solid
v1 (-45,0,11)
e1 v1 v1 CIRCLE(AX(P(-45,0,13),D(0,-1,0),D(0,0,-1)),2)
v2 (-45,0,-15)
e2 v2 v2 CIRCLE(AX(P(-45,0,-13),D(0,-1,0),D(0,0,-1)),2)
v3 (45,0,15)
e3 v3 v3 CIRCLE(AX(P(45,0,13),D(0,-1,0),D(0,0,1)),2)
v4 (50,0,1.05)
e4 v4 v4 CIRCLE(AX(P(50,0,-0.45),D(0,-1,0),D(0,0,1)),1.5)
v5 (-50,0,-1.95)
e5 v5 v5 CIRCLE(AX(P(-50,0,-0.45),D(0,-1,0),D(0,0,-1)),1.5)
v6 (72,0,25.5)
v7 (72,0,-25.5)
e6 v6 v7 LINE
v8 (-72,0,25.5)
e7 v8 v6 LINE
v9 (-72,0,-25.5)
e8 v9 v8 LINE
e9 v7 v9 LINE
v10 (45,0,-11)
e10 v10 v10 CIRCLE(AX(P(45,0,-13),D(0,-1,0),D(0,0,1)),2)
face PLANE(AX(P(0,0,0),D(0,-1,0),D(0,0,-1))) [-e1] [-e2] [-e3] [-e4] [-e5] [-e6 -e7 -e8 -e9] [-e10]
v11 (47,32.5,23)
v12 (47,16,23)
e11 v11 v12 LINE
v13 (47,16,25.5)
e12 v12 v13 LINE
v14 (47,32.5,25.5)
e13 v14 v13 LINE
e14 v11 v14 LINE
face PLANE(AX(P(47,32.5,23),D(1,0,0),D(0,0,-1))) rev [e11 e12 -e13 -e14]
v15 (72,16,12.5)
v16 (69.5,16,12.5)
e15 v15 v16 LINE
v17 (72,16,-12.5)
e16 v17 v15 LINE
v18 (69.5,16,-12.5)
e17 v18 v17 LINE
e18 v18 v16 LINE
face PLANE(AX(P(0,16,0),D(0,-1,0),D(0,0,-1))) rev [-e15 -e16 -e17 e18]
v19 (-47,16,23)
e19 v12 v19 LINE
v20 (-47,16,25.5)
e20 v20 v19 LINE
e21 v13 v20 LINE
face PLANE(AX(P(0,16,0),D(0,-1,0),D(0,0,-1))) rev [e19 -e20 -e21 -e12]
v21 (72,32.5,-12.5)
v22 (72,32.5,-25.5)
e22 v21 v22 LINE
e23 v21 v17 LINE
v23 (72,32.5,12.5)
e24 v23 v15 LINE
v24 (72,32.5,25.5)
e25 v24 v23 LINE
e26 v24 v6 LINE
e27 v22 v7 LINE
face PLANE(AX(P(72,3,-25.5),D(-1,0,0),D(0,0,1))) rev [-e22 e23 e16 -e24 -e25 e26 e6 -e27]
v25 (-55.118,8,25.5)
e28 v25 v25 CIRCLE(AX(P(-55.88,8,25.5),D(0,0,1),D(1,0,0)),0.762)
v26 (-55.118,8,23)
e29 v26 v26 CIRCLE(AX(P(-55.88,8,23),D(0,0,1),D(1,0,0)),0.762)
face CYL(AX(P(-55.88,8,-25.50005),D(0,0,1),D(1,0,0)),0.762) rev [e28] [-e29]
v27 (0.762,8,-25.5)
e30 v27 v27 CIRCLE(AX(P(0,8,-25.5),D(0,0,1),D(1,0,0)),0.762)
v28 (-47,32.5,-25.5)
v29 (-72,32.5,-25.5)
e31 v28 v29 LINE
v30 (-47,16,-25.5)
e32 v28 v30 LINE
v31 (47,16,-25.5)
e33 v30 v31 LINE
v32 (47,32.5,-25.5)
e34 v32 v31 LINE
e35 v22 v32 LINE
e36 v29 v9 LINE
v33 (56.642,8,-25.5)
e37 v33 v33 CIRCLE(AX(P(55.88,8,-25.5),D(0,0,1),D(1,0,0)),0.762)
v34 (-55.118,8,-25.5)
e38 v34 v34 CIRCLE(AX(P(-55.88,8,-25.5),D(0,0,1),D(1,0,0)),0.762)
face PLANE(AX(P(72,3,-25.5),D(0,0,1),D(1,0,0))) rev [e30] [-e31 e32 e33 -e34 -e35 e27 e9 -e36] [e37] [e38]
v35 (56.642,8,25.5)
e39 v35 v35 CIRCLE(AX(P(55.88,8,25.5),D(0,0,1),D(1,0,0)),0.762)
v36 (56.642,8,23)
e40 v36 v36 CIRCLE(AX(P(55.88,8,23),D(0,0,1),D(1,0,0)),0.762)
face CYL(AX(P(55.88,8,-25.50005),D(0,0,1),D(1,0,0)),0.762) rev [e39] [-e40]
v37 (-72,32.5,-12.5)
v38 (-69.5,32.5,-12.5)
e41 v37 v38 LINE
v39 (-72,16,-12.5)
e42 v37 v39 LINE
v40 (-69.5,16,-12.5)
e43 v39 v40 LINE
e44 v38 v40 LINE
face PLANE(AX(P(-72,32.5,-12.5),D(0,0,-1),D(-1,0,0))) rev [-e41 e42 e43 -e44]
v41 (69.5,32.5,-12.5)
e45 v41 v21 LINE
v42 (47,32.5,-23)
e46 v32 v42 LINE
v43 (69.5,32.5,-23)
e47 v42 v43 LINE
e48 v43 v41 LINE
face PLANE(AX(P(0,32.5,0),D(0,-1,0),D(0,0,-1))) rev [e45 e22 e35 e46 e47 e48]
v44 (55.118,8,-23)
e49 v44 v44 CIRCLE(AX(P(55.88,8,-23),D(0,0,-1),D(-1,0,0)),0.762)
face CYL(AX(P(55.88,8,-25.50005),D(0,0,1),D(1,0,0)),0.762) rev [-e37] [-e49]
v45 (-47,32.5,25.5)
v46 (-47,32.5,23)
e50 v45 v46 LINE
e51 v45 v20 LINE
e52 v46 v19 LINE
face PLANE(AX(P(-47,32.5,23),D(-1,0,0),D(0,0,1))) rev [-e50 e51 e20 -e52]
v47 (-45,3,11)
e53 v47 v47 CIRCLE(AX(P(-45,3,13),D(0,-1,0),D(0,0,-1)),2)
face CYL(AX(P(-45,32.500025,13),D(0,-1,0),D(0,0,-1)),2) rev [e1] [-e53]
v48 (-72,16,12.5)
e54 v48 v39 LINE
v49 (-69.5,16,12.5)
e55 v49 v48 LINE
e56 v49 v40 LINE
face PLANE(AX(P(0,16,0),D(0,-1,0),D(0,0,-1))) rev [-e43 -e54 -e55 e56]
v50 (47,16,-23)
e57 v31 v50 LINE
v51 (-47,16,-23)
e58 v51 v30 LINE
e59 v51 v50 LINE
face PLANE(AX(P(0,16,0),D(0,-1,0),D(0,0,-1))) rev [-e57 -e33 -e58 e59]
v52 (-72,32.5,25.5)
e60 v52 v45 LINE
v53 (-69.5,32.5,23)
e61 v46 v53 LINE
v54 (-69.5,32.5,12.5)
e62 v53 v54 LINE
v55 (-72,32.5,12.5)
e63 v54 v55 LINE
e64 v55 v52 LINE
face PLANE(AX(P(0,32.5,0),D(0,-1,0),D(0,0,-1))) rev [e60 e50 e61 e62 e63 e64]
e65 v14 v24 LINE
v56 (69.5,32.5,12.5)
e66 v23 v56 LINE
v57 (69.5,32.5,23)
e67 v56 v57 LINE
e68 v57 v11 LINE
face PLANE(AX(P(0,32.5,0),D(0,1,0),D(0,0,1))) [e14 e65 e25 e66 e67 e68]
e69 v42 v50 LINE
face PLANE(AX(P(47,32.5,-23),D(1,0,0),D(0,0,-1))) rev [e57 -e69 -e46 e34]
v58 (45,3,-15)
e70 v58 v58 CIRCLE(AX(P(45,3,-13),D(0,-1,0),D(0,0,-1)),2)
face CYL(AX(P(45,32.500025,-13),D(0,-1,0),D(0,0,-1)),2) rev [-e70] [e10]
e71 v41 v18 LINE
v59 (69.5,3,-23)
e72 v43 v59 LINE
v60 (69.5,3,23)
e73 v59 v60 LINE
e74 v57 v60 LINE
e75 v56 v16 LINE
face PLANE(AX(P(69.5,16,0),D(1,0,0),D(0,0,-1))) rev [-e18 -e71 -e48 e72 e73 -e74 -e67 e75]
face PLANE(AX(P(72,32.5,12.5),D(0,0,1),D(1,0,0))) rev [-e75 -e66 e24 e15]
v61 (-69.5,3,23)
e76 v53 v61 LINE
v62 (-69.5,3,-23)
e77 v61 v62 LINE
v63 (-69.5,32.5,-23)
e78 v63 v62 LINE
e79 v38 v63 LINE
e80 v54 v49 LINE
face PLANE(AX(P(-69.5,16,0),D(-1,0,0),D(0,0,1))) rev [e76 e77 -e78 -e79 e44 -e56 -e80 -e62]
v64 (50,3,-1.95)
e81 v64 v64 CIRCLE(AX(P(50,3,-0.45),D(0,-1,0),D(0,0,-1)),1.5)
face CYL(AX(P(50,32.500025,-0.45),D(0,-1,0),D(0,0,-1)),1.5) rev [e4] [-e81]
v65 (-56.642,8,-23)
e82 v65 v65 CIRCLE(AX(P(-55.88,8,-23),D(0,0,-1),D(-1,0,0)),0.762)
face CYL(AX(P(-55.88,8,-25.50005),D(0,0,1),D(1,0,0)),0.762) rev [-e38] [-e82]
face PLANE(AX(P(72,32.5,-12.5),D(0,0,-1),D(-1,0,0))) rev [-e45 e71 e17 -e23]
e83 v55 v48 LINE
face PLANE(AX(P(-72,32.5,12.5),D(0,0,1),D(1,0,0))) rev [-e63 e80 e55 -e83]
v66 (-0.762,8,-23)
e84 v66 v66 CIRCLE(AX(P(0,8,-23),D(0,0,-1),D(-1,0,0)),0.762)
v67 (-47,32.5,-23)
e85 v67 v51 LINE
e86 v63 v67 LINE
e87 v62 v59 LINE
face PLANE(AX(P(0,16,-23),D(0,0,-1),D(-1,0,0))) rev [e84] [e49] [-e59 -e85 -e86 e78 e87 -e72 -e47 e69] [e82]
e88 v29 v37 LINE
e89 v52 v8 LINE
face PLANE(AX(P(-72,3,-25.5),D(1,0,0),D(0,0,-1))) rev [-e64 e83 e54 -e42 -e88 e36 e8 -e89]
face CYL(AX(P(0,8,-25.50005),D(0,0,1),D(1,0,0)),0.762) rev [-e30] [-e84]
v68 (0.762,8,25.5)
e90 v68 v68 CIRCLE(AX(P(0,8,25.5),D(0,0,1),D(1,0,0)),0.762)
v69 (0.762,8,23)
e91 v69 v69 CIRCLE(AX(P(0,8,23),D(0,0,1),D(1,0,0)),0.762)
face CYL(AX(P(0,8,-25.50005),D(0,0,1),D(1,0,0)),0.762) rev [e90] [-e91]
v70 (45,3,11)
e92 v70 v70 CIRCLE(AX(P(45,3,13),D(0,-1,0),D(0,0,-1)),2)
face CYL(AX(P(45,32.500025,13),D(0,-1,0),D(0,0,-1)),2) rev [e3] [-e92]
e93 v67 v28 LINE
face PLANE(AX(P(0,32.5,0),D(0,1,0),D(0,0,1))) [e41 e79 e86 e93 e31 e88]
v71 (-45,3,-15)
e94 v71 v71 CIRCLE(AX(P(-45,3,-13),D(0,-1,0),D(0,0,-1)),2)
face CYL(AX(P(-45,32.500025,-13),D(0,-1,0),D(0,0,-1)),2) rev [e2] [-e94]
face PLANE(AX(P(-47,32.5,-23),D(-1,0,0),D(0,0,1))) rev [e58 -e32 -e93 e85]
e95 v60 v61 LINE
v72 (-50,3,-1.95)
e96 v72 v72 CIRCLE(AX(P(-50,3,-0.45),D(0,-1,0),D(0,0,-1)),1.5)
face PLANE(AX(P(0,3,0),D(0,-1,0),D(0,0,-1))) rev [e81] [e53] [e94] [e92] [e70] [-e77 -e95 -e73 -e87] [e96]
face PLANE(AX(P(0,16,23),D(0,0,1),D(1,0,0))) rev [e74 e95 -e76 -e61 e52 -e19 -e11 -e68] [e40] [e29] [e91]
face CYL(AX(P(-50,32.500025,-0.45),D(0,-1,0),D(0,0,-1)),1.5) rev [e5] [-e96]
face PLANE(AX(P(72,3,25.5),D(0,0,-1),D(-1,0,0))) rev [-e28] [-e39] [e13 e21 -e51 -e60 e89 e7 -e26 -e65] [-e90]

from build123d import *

# Parameters (mm, degrees)
SKETCH1_W           = 144
SKETCH1_H           = 51
BOSS_EXTRUDE1_DEPTH = 3
BOSS_EXTRUDE2_START = -3
SKETCH2_W           = 144
SKETCH2_H           = 51
SKETCH2_W_2         = 139
SKETCH2_H_2         = 46
BOSS_EXTRUDE2_DEPTH = 16
BOSS_EXTRUDE3_DEPTH = 16.5
SKETCH4_R           = 2
SKETCH4_R_2         = 1.5
CUT_EXTRUDE1_DEPTH  = 84.009035653
SKETCH5_R           = 0.762
CUT_EXTRUDE2_DEPTH  = 95.027921385


with BuildPart() as part:
    # Sketch1 → Boss-Extrude1 (new body)
    with BuildSketch(Plane(origin=(0, 0, 0), x_dir=(1, 0, 0), z_dir=(0, 1, 0))):
        Rectangle(SKETCH1_W, SKETCH1_H)
    extrude(amount=BOSS_EXTRUDE1_DEPTH)

    # Sketch2 → Boss-Extrude2 (add)
    with BuildSketch(Plane(origin=(0, 3, 0), x_dir=(1, 0, 0), z_dir=(0, 1, 0)).offset(BOSS_EXTRUDE2_START)):
        Rectangle(SKETCH2_W, SKETCH2_H)
        Rectangle(SKETCH2_W_2, SKETCH2_H_2, mode=Mode.SUBTRACT)
    extrude(amount=BOSS_EXTRUDE2_DEPTH)

    # Sketch3 → Boss-Extrude3 (add)
    with BuildSketch(Plane(origin=(0, 16, 0), x_dir=(1, 0, 0), z_dir=(0, 1, 0))):
        Polygon((-72, 25.5), (-72, 12.5), (-69.5, 12.5), (-69.5, 23), (-47, 23), (-47, 25.5), align=None)
        Polygon((47, 25.5), (72, 25.5), (72, 12.5), (69.5, 12.5), (69.5, 23), (47, 23), align=None)
        Polygon((72, -25.5), (72, -12.5), (69.5, -12.5), (69.5, -23), (47, -23), (47, -25.5), align=None)
        Polygon((-47, -25.5), (-72, -25.5), (-72, -12.5), (-69.5, -12.5), (-69.5, -23), (-47, -23), align=None)
    extrude(amount=BOSS_EXTRUDE3_DEPTH)

    # Sketch4 → Cut-Extrude1 (cut, through all)
    with BuildSketch(Plane.XZ):
        with Locations(Location((-45, -13, 0), (0, 0, 270))):
            Circle(SKETCH4_R)
        with Locations(Location((-45, 13, 0), (0, 0, 270))):
            Circle(SKETCH4_R)
        with Locations(Location((45, 13, 0), (0, 0, 270))):
            Circle(SKETCH4_R)
        with Locations(Location((45, -13, 0), (0, 0, 270))):
            Circle(SKETCH4_R)
        with Locations(Location((-50, -0.45, 0), (0, 0, 270))):
            Circle(SKETCH4_R_2)
        with Locations(Location((50, -0.45, 0), (0, 0, 270))):
            Circle(SKETCH4_R_2)
    extrude(amount=-CUT_EXTRUDE1_DEPTH, mode=Mode.SUBTRACT)

    # Sketch5 → Cut-Extrude2 (cut, through all)
    with BuildSketch(Plane.XY.offset(25.5)):
        with Locations((-55.88, 8)):
            Circle(SKETCH5_R)
        with Locations((55.88, 8)):
            Circle(SKETCH5_R)
        with Locations((0, 8)):
            Circle(SKETCH5_R)
    extrude(amount=-CUT_EXTRUDE2_DEPTH, mode=Mode.SUBTRACT)


solid = part.part
